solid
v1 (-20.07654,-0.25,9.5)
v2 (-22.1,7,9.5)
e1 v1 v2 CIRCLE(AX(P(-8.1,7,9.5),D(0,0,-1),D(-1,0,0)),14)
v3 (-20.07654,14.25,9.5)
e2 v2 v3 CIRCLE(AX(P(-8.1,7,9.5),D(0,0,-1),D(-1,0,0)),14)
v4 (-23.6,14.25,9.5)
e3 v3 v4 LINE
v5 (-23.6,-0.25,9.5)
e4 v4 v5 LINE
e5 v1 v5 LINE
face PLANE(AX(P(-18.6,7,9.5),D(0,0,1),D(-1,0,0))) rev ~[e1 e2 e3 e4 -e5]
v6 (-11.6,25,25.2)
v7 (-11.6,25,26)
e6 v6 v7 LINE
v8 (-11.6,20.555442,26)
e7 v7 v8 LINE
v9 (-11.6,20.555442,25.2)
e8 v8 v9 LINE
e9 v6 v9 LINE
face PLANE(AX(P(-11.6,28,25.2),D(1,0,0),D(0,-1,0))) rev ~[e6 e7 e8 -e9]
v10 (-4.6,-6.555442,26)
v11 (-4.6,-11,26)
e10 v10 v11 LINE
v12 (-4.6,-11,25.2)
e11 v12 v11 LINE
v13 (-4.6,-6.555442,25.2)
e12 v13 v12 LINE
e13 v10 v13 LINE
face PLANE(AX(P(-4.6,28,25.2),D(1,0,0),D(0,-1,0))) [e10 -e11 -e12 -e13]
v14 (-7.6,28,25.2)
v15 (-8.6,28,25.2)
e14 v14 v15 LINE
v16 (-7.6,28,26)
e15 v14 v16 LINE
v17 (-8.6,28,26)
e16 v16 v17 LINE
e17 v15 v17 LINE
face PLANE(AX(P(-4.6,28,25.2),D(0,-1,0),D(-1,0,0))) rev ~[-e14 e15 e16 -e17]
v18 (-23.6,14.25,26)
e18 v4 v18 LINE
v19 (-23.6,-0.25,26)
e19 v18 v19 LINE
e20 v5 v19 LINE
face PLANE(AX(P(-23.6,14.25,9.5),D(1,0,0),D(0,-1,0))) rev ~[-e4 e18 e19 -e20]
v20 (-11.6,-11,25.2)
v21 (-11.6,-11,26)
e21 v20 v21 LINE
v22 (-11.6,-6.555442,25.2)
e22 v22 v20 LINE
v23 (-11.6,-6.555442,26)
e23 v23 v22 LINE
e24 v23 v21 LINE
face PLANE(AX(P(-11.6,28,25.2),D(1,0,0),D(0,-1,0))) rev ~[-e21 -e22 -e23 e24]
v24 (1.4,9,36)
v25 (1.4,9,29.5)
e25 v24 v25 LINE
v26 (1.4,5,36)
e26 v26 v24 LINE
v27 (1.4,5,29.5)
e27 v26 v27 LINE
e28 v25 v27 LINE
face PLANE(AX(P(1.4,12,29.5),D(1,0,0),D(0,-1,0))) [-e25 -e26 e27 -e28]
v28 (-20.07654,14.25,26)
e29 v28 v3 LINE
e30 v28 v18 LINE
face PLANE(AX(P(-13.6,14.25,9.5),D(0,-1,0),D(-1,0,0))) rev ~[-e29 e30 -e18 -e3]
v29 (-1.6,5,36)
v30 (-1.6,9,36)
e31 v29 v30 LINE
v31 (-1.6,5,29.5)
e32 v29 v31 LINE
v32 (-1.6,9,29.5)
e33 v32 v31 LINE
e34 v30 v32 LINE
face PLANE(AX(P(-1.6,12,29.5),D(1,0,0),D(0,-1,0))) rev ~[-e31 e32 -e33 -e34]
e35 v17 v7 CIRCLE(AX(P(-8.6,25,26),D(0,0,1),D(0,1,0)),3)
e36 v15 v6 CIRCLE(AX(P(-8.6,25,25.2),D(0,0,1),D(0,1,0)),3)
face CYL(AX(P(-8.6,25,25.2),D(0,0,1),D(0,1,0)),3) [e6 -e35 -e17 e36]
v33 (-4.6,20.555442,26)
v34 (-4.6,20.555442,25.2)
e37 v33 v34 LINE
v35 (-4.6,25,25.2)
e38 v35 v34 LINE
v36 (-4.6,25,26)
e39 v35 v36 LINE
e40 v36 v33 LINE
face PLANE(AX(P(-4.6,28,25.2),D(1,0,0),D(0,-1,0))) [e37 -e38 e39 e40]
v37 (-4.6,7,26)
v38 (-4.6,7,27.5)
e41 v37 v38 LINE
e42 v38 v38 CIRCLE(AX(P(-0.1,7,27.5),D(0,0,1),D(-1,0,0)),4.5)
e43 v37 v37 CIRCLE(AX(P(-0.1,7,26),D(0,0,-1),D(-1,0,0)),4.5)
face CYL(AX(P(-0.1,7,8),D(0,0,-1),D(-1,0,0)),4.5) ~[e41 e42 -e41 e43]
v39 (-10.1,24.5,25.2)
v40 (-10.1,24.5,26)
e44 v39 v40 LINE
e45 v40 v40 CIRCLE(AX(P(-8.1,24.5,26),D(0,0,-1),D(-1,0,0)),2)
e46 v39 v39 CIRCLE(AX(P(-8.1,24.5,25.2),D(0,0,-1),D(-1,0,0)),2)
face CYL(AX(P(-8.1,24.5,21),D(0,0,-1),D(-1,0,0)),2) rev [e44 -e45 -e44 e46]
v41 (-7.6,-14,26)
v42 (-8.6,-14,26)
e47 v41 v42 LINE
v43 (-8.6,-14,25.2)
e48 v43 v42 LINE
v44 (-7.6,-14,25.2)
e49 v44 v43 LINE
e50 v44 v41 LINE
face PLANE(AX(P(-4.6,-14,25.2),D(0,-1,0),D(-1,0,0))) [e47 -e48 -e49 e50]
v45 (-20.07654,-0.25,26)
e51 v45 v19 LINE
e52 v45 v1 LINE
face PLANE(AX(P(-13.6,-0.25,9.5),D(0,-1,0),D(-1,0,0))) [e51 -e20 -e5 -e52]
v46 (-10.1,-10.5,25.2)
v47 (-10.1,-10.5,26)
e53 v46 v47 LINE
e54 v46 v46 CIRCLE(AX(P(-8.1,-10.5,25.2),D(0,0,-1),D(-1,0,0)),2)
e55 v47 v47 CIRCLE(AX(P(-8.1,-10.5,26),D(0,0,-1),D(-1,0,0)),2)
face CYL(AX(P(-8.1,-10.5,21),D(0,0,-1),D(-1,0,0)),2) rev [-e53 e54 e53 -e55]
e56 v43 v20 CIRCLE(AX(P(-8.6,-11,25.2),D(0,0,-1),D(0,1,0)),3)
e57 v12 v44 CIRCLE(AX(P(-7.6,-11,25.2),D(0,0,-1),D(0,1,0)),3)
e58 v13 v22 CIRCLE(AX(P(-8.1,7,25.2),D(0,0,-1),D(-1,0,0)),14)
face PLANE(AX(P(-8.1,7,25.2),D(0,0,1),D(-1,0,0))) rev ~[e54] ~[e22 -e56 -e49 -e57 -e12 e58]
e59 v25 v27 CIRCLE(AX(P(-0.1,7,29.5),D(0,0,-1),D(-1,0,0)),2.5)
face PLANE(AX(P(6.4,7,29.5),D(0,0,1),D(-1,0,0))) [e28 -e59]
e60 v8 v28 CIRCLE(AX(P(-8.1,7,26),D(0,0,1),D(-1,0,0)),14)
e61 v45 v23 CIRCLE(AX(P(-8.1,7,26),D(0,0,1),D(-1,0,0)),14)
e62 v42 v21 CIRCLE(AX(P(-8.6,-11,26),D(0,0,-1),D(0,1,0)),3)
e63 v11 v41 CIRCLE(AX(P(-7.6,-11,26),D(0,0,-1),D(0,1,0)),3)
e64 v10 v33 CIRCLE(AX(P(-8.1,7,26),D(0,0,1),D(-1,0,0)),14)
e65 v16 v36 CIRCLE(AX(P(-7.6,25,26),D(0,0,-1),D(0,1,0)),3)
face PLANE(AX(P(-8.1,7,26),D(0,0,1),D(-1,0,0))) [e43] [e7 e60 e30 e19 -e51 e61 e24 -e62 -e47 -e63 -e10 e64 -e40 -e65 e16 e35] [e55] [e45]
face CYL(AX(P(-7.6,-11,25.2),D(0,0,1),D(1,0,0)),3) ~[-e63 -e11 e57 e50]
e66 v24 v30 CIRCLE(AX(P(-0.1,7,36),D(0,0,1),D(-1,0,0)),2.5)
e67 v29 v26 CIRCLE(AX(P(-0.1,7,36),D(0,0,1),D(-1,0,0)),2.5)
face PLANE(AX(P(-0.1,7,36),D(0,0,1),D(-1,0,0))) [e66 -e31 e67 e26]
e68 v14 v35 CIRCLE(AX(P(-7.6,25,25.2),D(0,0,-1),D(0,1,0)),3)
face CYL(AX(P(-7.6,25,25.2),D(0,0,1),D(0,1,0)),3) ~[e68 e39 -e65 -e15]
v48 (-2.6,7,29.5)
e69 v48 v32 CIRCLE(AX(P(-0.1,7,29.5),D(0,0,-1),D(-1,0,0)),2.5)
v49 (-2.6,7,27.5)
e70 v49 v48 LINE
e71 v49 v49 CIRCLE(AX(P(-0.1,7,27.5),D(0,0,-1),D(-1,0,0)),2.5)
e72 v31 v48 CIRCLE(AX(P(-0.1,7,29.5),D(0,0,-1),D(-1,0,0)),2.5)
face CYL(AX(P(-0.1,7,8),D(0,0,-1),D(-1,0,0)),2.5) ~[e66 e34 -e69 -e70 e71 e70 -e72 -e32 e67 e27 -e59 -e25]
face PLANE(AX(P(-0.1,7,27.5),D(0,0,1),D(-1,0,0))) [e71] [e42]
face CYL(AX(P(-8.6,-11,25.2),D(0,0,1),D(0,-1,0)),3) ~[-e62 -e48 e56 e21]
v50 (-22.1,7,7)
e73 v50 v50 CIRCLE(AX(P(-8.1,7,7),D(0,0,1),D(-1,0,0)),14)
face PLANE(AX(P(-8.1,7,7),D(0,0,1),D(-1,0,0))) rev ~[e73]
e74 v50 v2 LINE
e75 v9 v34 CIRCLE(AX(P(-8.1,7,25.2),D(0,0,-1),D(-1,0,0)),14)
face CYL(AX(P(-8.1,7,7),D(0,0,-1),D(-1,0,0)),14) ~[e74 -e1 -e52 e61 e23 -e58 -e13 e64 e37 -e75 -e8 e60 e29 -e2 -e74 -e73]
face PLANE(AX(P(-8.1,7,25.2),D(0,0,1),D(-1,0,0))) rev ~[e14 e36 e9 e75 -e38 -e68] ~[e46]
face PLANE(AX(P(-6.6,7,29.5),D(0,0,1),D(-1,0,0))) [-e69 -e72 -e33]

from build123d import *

# Parameters (mm, degrees)
CYLINDER012_R             = 2
CYLINDER012_DEPTH         = 20
CYLINDER011_R             = 2
CYLINDER011_DEPTH         = 20
CYLINDER014_R             = 4.5
CYLINDER014_DEPTH         = 19.5
BOX009_W                  = 7
BOX009_H                  = 42
BOX009_DEPTH              = 0.8
FILLET008_R               = 3
FILLET009_R               = 3
FILLET010_R               = 3
FILLET011_R               = 3
BOX008_W                  = 10
BOX008_H                  = 14.5
BOX008_DEPTH              = 16.5
CYLINDER010_R             = 14
CYLINDER010_DEPTH         = 19
BOX010_W                  = 10
BOX010_H                  = 10
BOX010_DEPTH              = 10
BOX011_W                  = 10
BOX011_H                  = 10
BOX011_DEPTH              = 10
CYLINDER013_R             = 2.5
CYLINDER013_DEPTH         = 28
FUSION011_PLACEMENT_ANGLE = 180


with BuildPart() as cylinder012:
    # Cylinder012 → Cylinder012 (new body)
    with BuildSketch(Plane(origin=(0, -17.5, 14), x_dir=(1, 0, 0), z_dir=(0, 0, 1))):
        Circle(CYLINDER012_R)
    extrude(amount=CYLINDER012_DEPTH)


with BuildPart() as cylinder011:
    # Cylinder011 → Cylinder011 (new body)
    with BuildSketch(Plane(origin=(0, 17.5, 14), x_dir=(1, 0, 0), z_dir=(0, 0, 1))):
        Circle(CYLINDER011_R)
    extrude(amount=CYLINDER011_DEPTH)


with BuildPart() as shaft_boss002:
    # Cylinder014 → Cylinder014 (new body)
    with BuildSketch(Plane(origin=(-8, 0, 1), x_dir=(1, 0, 0), z_dir=(0, 0, 1))):
        Circle(CYLINDER014_R)
    extrude(amount=CYLINDER014_DEPTH)


with BuildPart() as fillet011:
    # Box009 → Box009 (new body)
    with BuildSketch(Plane(origin=(-3.5, -21, 18.2), x_dir=(1, 0, 0), z_dir=(0, 0, 1))):
        with Locations((3.5, 21)):
            Rectangle(BOX009_W, BOX009_H)
    extrude(amount=BOX009_DEPTH)

    # Fillet008
    fillet008_edges = [fillet011.edges().sort_by_distance(p)[0] for p in [
        (3.5, -21, 18.6),
    ]]
    fillet(fillet008_edges, radius=FILLET008_R)

    # Fillet009
    fillet009_edges = [fillet011.edges().sort_by_distance(p)[0] for p in [
        (-3.5, -21, 18.6),
    ]]
    fillet(fillet009_edges, radius=FILLET009_R)

    # Fillet010
    fillet010_edges = [fillet011.edges().sort_by_distance(p)[0] for p in [
        (-3.5, 21, 18.6),
    ]]
    fillet(fillet010_edges, radius=FILLET010_R)

    # Fillet011
    fillet011_edges = [fillet011.edges().sort_by_distance(p)[0] for p in [
        (3.5, 21, 18.6),
    ]]
    fillet(fillet011_edges, radius=FILLET011_R)


with BuildPart() as cube008:
    # Box008 → Box008 (new body)
    with BuildSketch(Plane(origin=(5.5, -7.25, 2.5), x_dir=(1, 0, 0), z_dir=(0, 0, 1))):
        with Locations((5, 7.25)):
            Rectangle(BOX008_W, BOX008_H)
    extrude(amount=BOX008_DEPTH)


with BuildPart() as motor_body002:
    # Cylinder010 → Cylinder010 (new body)
    with BuildSketch(Plane.XY):
        Circle(CYLINDER010_R)
    extrude(amount=CYLINDER010_DEPTH)

    # Fusion008: union Cube008
    add(cube008.part)

    # Fusion009: union Fillet011
    add(fillet011.part)

    # Fusion010: union shaft-boss002
    add(shaft_boss002.part)

    # Cut010: cut Cylinder011
    add(cylinder011.part, mode=Mode.SUBTRACT)

    # Cut011: cut Cylinder012
    add(cylinder012.part, mode=Mode.SUBTRACT)


with BuildPart() as cube010:
    # Box010 → Box010 (new body)
    with BuildSketch(Plane(origin=(-6.5, -5, 22.5), x_dir=(1, 0, 0), z_dir=(0, 0, 1))):
        with Locations((5, 5)):
            Rectangle(BOX010_W, BOX010_H)
    extrude(amount=BOX010_DEPTH)


with BuildPart() as cube011:
    # Box011 → Box011 (new body)
    with BuildSketch(Plane(origin=(-19.5, -5, 22.5), x_dir=(1, 0, 0), z_dir=(0, 0, 1))):
        with Locations((5, 5)):
            Rectangle(BOX011_W, BOX011_H)
    extrude(amount=BOX011_DEPTH)


with BuildPart() as f_28byj_48_motor002:
    # Cylinder013 → Cylinder013 (new body)
    with BuildSketch(Plane(origin=(-8, 0, 1), x_dir=(1, 0, 0), z_dir=(0, 0, 1))):
        Circle(CYLINDER013_R)
    extrude(amount=CYLINDER013_DEPTH)

    # Cut008: cut Cube011
    add(cube011.part, mode=Mode.SUBTRACT)

    # Cut009: cut Cube010
    add(cube010.part, mode=Mode.SUBTRACT)

    # Fusion011: union motor-body002
    add(motor_body002.part)


with BuildPart() as f_28byj_48_motor002_1:
    # Fusion011 placement: moved
    add(f_28byj_48_motor002.part.moved(Location((-8.1, 7, 7))).rotate(Axis((-8.1, 7, 7), (0, 0, 1)), FUSION011_PLACEMENT_ANGLE))


solid = f_28byj_48_motor002_1.part
